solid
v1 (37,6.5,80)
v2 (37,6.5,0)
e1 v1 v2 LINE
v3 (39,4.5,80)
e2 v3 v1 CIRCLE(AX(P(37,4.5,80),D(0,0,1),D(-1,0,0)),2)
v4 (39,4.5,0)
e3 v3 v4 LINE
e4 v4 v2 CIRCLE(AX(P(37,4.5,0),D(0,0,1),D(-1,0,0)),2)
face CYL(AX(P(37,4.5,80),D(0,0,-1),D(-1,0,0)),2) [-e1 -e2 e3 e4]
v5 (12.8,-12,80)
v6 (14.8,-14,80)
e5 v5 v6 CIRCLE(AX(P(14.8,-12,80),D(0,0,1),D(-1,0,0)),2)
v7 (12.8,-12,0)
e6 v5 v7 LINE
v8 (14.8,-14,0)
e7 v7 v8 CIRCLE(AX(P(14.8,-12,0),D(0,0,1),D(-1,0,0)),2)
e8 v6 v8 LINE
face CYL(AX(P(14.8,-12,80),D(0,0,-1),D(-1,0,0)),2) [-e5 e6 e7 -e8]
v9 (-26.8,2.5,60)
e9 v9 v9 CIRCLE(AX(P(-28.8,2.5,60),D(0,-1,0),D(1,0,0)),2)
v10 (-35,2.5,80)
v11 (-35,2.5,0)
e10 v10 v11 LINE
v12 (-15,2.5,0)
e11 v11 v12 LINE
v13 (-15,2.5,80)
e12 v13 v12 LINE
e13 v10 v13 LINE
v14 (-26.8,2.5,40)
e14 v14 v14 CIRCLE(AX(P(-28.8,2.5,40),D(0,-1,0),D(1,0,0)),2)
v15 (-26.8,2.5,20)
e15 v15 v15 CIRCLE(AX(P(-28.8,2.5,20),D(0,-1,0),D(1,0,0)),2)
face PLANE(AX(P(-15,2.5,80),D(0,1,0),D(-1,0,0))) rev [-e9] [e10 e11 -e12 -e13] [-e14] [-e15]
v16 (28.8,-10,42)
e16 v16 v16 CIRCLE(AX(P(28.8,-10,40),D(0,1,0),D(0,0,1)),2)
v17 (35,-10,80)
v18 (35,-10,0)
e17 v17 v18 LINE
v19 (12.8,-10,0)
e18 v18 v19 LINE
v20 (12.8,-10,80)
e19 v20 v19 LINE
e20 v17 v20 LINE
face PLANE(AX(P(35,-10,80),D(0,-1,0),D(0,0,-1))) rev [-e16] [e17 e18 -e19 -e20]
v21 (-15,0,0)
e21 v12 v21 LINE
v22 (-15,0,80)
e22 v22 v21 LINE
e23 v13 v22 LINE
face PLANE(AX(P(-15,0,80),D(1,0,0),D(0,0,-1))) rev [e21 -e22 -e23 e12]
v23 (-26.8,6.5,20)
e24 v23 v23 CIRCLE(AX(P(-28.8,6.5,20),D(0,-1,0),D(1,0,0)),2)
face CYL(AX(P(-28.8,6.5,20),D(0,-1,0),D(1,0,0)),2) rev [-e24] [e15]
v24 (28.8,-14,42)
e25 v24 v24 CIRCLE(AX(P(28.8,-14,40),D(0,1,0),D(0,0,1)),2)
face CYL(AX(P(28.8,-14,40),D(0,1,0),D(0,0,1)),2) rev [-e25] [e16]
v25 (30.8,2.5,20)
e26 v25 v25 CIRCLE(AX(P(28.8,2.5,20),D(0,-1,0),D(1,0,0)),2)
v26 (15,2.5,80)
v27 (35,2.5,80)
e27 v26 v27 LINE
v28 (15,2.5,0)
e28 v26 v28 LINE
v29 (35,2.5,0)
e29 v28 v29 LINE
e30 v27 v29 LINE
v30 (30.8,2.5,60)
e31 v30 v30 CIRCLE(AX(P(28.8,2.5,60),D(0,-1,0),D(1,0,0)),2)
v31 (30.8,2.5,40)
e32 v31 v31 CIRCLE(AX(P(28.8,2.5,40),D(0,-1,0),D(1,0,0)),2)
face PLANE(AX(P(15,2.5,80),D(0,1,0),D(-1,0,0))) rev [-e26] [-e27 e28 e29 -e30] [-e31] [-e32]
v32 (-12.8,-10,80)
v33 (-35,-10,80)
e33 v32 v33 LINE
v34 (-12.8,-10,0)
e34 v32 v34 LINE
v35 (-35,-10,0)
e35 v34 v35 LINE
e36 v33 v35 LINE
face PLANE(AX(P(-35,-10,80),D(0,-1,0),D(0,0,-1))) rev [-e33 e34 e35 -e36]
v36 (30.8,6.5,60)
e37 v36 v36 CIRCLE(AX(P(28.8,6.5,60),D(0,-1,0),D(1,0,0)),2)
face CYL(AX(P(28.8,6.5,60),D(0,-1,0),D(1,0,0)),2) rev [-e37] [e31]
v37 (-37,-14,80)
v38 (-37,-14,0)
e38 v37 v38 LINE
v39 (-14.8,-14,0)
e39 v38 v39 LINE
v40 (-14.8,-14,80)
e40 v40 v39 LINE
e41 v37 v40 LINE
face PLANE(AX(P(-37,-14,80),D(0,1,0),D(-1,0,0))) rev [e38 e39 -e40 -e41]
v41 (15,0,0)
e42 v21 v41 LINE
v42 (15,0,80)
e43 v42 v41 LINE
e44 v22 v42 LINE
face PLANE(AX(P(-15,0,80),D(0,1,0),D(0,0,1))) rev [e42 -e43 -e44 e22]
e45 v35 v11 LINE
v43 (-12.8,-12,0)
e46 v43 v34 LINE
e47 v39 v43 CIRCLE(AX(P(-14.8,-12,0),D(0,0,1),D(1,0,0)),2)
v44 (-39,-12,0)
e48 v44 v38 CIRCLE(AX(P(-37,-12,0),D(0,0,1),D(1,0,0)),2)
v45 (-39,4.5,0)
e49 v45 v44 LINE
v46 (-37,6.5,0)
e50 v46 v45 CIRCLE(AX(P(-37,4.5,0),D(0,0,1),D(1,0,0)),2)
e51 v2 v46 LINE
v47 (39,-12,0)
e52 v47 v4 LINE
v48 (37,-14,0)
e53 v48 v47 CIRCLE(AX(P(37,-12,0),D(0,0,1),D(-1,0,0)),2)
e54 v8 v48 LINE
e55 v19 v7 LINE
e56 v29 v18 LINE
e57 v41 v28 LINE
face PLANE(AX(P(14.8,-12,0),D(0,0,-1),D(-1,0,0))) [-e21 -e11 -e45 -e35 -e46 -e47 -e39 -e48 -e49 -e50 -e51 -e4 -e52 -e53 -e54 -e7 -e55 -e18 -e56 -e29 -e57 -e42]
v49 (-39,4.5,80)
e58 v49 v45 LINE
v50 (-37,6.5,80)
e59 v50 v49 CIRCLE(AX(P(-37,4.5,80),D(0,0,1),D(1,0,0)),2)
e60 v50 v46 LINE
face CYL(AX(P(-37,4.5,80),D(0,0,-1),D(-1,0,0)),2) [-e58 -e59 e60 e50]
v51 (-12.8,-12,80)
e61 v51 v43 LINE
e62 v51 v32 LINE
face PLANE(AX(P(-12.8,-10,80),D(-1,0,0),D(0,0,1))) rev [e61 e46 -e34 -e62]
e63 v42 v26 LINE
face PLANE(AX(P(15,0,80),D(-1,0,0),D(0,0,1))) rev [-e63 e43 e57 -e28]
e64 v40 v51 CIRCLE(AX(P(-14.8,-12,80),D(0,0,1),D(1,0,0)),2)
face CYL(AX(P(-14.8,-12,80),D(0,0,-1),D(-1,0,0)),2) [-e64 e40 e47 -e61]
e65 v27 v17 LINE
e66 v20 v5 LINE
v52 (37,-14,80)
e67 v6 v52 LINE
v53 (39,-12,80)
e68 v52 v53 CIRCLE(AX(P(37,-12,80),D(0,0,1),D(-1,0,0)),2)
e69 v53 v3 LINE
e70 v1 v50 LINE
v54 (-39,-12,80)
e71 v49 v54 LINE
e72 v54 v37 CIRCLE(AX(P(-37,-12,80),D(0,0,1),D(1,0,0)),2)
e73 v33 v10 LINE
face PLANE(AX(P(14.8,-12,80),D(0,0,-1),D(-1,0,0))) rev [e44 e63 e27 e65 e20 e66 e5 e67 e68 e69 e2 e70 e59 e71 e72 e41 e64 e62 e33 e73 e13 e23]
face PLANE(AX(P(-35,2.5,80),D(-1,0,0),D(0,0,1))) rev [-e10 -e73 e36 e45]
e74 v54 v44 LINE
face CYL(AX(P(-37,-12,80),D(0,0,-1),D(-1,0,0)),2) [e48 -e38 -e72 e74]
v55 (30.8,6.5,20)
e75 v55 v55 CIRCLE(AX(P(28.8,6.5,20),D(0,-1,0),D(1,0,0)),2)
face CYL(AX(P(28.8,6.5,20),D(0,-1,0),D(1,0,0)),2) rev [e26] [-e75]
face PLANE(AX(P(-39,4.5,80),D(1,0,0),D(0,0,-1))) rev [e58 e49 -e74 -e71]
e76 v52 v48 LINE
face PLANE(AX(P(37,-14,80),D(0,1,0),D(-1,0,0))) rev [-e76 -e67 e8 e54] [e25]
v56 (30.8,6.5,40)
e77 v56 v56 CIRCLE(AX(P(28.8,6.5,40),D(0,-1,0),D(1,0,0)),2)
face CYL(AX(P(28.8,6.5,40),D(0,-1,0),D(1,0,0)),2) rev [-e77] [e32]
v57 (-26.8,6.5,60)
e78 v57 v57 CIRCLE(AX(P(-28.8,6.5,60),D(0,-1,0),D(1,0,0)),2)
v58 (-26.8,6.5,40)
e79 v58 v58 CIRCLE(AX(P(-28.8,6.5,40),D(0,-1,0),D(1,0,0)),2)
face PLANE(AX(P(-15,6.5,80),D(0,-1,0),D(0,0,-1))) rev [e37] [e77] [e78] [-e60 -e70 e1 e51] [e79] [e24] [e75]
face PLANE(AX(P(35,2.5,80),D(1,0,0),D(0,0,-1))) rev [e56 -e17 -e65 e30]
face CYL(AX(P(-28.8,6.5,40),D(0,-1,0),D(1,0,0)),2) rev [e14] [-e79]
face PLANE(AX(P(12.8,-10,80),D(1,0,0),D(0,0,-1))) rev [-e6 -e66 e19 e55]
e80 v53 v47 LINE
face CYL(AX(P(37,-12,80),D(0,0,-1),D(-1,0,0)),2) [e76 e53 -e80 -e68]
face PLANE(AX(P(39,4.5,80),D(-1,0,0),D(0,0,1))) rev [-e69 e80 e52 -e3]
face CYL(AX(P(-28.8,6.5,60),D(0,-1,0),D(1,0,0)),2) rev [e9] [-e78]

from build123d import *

# Parameters (mm, degrees)
BOSS_EXTRUDE1_DEPTH = 80
SKETCH2_R           = 2
CUT_EXTRUDE1_DEPTH  = 4
CUT_EXTRUDE2_START  = -4
SKETCH3_R           = 2
CUT_EXTRUDE2_DEPTH  = 4


with BuildPart() as part:
    # Sketch1 → Boss-Extrude1 (new body)
    with BuildSketch(Plane.XY):
        with BuildLine():
            Line((-15, 0), (15, 0))
            Line((15, 0), (15, 2.5))
            Line((15, 2.5), (35, 2.5))
            Line((35, 2.5), (35, -10))
            Line((35, -10), (12.8, -10))
            Line((12.8, -10), (12.8, -12))
            ThreePointArc((12.8, -12), (13.385786438, -13.414213562), (14.8, -14))
            Line((14.8, -14), (37, -14))
            ThreePointArc((37, -14), (38.414213562, -13.414213562), (39, -12))
            Line((39, -12), (39, 4.5))
            ThreePointArc((39, 4.5), (38.414213562, 5.914213562), (37, 6.5))
            Line((37, 6.5), (15, 6.5))
            Line((15, 6.5), (-15, 6.5))
            Line((-15, 6.5), (-37, 6.5))
            ThreePointArc((-37, 6.5), (-38.414213562, 5.914213562), (-39, 4.5))
            Line((-39, 4.5), (-39, -12))
            ThreePointArc((-39, -12), (-38.414213562, -13.414213562), (-37, -14))
            Line((-37, -14), (-14.8, -14))
            ThreePointArc((-14.8, -14), (-13.385786438, -13.414213562), (-12.8, -12))
            Line((-12.8, -12), (-12.8, -10))
            Line((-12.8, -10), (-35, -10))
            Line((-35, -10), (-35, 2.5))
            Line((-35, 2.5), (-15, 2.5))
            Line((-15, 2.5), (-15, 0))
        make_face()
    extrude(amount=BOSS_EXTRUDE1_DEPTH)

    # Sketch2 → Cut-Extrude1 (cut)
    with BuildSketch(Plane.XZ.offset(-2.5)):
        with Locations((-28.8, 60)):
            Circle(SKETCH2_R)
        with Locations((28.8, 60)):
            Circle(SKETCH2_R)
        with Locations((28.8, 40)):
            Circle(SKETCH2_R)
        with Locations((28.8, 20)):
            Circle(SKETCH2_R)
        with Locations((-28.8, 40)):
            Circle(SKETCH2_R)
        with Locations((-28.8, 20)):
            Circle(SKETCH2_R)
    extrude(amount=-CUT_EXTRUDE1_DEPTH, mode=Mode.SUBTRACT)

    # Sketch3 → Cut-Extrude2 (cut)
    with BuildSketch(Plane(origin=(0, -10, 0), x_dir=(1, 0, 0), z_dir=(0, 1, 0)).offset(CUT_EXTRUDE2_START)):
        with Locations((28.8, -40)):
            Circle(SKETCH3_R)
    extrude(amount=CUT_EXTRUDE2_DEPTH, mode=Mode.SUBTRACT)


solid = part.part
